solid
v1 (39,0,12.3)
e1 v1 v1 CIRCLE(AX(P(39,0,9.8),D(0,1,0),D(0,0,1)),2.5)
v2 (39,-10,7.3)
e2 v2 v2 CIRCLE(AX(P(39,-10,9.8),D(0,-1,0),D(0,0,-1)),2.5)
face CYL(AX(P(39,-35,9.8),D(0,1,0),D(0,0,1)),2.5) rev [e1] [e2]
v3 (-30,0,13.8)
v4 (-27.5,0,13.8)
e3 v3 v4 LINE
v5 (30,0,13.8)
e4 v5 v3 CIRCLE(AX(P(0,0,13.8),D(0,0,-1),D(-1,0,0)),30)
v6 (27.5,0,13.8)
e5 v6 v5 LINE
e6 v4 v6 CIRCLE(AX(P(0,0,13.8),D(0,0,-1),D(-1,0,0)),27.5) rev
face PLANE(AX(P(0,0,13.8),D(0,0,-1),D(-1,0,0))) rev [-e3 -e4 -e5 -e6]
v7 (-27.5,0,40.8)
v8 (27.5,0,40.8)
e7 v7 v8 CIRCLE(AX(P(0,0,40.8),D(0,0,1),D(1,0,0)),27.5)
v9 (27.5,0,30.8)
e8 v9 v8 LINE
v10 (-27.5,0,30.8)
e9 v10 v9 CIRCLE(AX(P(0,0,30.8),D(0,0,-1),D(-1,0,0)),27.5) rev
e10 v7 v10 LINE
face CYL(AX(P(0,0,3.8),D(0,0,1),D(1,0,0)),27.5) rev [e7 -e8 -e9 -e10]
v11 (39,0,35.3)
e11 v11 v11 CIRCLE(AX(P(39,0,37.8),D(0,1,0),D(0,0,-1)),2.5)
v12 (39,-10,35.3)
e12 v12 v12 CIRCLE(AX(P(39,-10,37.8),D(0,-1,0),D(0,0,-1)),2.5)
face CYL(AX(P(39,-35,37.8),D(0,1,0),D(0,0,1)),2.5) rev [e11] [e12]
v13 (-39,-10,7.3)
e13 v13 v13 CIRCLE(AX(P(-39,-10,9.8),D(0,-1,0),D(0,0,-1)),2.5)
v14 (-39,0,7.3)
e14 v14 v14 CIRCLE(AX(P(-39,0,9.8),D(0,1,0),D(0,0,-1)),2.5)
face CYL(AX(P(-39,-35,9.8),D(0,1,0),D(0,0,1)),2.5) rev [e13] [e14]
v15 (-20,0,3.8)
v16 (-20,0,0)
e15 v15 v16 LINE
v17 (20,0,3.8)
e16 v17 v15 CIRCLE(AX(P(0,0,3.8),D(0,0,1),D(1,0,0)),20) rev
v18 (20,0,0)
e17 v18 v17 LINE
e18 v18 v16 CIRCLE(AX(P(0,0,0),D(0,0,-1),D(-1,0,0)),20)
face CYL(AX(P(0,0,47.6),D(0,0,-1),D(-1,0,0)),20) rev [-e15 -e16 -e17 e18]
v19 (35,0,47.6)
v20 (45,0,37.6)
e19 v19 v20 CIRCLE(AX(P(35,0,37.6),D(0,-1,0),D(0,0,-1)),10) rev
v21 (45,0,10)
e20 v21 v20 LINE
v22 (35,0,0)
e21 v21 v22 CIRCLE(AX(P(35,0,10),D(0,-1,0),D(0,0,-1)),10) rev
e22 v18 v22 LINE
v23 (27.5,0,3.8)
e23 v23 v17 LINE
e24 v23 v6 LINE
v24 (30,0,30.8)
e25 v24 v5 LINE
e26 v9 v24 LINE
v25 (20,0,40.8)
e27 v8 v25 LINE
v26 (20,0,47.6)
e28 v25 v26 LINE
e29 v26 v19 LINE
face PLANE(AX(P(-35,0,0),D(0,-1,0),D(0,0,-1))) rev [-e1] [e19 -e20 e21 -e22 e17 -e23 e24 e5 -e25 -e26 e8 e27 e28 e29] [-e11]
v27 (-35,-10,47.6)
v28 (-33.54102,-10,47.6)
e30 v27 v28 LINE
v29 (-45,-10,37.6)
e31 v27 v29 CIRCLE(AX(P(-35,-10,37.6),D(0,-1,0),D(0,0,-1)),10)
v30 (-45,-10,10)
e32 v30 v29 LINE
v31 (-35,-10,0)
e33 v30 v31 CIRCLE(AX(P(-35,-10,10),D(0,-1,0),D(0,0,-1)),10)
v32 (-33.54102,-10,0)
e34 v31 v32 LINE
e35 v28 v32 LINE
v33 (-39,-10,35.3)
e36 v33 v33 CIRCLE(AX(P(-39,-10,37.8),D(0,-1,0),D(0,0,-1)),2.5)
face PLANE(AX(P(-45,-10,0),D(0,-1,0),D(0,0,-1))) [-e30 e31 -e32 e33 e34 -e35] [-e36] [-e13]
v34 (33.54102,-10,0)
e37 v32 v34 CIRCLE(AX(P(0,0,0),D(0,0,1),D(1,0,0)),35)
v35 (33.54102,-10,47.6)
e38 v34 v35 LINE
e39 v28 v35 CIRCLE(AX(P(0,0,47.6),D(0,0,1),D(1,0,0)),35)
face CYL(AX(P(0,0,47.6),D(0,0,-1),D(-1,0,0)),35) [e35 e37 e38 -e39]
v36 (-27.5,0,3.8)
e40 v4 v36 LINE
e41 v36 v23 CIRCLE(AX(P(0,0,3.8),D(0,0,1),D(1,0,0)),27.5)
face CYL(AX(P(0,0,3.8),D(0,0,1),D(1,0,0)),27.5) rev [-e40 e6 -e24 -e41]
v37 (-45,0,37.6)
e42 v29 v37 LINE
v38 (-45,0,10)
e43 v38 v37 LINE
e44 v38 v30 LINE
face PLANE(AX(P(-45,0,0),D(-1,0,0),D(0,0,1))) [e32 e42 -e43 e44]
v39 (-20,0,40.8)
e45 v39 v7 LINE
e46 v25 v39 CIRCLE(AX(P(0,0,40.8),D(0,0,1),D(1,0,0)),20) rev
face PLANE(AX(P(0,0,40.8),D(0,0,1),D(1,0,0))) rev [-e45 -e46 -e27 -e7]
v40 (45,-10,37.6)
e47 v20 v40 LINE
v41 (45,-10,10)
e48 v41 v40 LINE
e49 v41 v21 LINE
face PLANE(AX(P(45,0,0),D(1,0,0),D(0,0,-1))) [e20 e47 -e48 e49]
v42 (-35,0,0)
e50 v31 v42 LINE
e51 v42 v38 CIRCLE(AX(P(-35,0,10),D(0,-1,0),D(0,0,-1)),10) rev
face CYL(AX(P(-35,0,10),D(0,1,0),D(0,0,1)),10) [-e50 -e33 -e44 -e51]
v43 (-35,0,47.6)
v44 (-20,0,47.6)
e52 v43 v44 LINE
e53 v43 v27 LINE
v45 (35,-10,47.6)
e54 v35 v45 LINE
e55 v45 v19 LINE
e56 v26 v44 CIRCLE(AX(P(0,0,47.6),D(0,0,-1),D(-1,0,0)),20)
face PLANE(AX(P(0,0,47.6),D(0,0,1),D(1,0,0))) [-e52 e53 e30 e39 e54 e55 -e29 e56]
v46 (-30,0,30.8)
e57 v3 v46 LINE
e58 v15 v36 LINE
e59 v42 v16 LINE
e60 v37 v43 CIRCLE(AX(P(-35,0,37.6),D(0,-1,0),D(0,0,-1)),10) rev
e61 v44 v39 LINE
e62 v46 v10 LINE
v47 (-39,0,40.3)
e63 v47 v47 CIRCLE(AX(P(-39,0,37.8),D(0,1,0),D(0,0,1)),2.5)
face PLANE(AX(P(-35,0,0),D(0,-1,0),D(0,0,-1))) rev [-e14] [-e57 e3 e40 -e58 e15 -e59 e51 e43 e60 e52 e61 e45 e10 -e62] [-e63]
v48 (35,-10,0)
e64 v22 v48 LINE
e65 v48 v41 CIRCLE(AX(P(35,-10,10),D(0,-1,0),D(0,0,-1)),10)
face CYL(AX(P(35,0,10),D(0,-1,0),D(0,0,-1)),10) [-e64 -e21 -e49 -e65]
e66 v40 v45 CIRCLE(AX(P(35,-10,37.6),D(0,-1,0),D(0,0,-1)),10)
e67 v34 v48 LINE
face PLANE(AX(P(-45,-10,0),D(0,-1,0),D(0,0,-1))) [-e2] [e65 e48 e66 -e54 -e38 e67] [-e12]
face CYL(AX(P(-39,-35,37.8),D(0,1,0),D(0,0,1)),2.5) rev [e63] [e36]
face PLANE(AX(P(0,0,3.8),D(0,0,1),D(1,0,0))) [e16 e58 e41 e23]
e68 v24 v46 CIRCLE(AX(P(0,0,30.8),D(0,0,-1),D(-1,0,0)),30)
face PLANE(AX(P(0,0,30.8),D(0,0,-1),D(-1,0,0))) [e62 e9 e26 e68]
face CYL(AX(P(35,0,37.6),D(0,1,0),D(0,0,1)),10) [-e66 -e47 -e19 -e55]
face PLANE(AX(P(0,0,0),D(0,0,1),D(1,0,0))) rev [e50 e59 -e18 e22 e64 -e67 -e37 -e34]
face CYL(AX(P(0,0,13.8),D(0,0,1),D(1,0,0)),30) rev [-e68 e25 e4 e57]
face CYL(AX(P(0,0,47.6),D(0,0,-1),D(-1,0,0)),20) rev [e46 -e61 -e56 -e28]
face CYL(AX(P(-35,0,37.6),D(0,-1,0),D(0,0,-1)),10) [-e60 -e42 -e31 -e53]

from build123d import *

# Parameters (mm, degrees)
CROQUIS1_R              = 35
SALIENTE_EXTRUIR1_DEPTH = 47.6
CROQUIS2_W              = 81.100238634
CROQUIS2_H              = 55.229590233
CORTAR_EXTRUIR1_DEPTH   = 69.671391423
CROQUIS3_W              = 90
CROQUIS3_H              = 10
SALIENTE_EXTRUIR2_DEPTH = 47.6
CROQUIS4_R              = 2.5
CORTAR_EXTRUIR2_DEPTH   = 75.268162762
CROQUIS5_R              = 20
CORTAR_EXTRUIR3_DEPTH   = 75.268162762
REDONDEO1_R             = 10
CORTAR_EXTRUIR4_START   = -6.8
CROQUIS6_R              = 27.5
CORTAR_EXTRUIR4_DEPTH   = 37
CORTAR_EXTRUIR5_START   = 10
CROQUIS7_R              = 30
CORTAR_EXTRUIR5_DEPTH   = 17


with BuildPart() as part:
    # Croquis1 → Saliente-Extruir1 (new body)
    with BuildSketch(Plane.XY):
        Circle(CROQUIS1_R)
    extrude(amount=SALIENTE_EXTRUIR1_DEPTH)

    # Croquis2 → Cortar-Extruir1 (cut, through all)
    with BuildSketch(Plane.XY.offset(47.6)):
        with Locations((5.550119317, 27.614795117)):
            Rectangle(CROQUIS2_W, CROQUIS2_H)
    extrude(amount=-CORTAR_EXTRUIR1_DEPTH, mode=Mode.SUBTRACT)

    # Croquis3 → Saliente-Extruir2 (add)
    with BuildSketch(Plane.XY.offset(47.6)):
        with Locations((0, -5)):
            Rectangle(CROQUIS3_W, CROQUIS3_H)
    extrude(amount=-SALIENTE_EXTRUIR2_DEPTH)

    # Croquis4 → Cortar-Extruir2 (cut, through all)
    with BuildSketch(Plane(origin=(0, 0, 0), x_dir=(1, 0, 0), z_dir=(0, 1, 0))):
        with Locations(Location((39, -9.8, 0), (0, 0, 270))):
            Circle(CROQUIS4_R)
        with Locations(Location((39, -37.8, 0), (0, 0, 90))):
            Circle(CROQUIS4_R)
        with Locations(Location((-39, -37.8, 0), (0, 0, 270))):
            Circle(CROQUIS4_R)
        with Locations(Location((-39, -9.8, 0), (0, 0, 90))):
            Circle(CROQUIS4_R)
    extrude(amount=-CORTAR_EXTRUIR2_DEPTH, mode=Mode.SUBTRACT)

    # Croquis5 → Cortar-Extruir3 (cut, through all)
    with BuildSketch(Plane(origin=(0, 0, 0), x_dir=(-1, 0, 0), z_dir=(0, 0, -1))):
        Circle(CROQUIS5_R)
    extrude(amount=-CORTAR_EXTRUIR3_DEPTH, mode=Mode.SUBTRACT)

    # Redondeo1
    redondeo1_edges = [part.edges().sort_by_distance(p)[0] for p in [
        (-45, -5, 47.6),
        (45, -5, 47.6),
        (-45, -5, 0),
        (45, -5, 0),
    ]]
    fillet(redondeo1_edges, radius=REDONDEO1_R)

    # Croquis6 → Cortar-Extruir4 (cut)
    with BuildSketch(Plane.XY.offset(47.6).offset(CORTAR_EXTRUIR4_START)):
        Circle(CROQUIS6_R)
    extrude(amount=-CORTAR_EXTRUIR4_DEPTH, mode=Mode.SUBTRACT)

    # Croquis7 → Cortar-Extruir5 (cut)
    with BuildSketch(Plane(origin=(0, 0, 40.8), x_dir=(-1, 0, 0), z_dir=(0, 0, -1)).offset(CORTAR_EXTRUIR5_START)):
        Circle(CROQUIS7_R)
    extrude(amount=CORTAR_EXTRUIR5_DEPTH, mode=Mode.SUBTRACT)


solid = part.part
